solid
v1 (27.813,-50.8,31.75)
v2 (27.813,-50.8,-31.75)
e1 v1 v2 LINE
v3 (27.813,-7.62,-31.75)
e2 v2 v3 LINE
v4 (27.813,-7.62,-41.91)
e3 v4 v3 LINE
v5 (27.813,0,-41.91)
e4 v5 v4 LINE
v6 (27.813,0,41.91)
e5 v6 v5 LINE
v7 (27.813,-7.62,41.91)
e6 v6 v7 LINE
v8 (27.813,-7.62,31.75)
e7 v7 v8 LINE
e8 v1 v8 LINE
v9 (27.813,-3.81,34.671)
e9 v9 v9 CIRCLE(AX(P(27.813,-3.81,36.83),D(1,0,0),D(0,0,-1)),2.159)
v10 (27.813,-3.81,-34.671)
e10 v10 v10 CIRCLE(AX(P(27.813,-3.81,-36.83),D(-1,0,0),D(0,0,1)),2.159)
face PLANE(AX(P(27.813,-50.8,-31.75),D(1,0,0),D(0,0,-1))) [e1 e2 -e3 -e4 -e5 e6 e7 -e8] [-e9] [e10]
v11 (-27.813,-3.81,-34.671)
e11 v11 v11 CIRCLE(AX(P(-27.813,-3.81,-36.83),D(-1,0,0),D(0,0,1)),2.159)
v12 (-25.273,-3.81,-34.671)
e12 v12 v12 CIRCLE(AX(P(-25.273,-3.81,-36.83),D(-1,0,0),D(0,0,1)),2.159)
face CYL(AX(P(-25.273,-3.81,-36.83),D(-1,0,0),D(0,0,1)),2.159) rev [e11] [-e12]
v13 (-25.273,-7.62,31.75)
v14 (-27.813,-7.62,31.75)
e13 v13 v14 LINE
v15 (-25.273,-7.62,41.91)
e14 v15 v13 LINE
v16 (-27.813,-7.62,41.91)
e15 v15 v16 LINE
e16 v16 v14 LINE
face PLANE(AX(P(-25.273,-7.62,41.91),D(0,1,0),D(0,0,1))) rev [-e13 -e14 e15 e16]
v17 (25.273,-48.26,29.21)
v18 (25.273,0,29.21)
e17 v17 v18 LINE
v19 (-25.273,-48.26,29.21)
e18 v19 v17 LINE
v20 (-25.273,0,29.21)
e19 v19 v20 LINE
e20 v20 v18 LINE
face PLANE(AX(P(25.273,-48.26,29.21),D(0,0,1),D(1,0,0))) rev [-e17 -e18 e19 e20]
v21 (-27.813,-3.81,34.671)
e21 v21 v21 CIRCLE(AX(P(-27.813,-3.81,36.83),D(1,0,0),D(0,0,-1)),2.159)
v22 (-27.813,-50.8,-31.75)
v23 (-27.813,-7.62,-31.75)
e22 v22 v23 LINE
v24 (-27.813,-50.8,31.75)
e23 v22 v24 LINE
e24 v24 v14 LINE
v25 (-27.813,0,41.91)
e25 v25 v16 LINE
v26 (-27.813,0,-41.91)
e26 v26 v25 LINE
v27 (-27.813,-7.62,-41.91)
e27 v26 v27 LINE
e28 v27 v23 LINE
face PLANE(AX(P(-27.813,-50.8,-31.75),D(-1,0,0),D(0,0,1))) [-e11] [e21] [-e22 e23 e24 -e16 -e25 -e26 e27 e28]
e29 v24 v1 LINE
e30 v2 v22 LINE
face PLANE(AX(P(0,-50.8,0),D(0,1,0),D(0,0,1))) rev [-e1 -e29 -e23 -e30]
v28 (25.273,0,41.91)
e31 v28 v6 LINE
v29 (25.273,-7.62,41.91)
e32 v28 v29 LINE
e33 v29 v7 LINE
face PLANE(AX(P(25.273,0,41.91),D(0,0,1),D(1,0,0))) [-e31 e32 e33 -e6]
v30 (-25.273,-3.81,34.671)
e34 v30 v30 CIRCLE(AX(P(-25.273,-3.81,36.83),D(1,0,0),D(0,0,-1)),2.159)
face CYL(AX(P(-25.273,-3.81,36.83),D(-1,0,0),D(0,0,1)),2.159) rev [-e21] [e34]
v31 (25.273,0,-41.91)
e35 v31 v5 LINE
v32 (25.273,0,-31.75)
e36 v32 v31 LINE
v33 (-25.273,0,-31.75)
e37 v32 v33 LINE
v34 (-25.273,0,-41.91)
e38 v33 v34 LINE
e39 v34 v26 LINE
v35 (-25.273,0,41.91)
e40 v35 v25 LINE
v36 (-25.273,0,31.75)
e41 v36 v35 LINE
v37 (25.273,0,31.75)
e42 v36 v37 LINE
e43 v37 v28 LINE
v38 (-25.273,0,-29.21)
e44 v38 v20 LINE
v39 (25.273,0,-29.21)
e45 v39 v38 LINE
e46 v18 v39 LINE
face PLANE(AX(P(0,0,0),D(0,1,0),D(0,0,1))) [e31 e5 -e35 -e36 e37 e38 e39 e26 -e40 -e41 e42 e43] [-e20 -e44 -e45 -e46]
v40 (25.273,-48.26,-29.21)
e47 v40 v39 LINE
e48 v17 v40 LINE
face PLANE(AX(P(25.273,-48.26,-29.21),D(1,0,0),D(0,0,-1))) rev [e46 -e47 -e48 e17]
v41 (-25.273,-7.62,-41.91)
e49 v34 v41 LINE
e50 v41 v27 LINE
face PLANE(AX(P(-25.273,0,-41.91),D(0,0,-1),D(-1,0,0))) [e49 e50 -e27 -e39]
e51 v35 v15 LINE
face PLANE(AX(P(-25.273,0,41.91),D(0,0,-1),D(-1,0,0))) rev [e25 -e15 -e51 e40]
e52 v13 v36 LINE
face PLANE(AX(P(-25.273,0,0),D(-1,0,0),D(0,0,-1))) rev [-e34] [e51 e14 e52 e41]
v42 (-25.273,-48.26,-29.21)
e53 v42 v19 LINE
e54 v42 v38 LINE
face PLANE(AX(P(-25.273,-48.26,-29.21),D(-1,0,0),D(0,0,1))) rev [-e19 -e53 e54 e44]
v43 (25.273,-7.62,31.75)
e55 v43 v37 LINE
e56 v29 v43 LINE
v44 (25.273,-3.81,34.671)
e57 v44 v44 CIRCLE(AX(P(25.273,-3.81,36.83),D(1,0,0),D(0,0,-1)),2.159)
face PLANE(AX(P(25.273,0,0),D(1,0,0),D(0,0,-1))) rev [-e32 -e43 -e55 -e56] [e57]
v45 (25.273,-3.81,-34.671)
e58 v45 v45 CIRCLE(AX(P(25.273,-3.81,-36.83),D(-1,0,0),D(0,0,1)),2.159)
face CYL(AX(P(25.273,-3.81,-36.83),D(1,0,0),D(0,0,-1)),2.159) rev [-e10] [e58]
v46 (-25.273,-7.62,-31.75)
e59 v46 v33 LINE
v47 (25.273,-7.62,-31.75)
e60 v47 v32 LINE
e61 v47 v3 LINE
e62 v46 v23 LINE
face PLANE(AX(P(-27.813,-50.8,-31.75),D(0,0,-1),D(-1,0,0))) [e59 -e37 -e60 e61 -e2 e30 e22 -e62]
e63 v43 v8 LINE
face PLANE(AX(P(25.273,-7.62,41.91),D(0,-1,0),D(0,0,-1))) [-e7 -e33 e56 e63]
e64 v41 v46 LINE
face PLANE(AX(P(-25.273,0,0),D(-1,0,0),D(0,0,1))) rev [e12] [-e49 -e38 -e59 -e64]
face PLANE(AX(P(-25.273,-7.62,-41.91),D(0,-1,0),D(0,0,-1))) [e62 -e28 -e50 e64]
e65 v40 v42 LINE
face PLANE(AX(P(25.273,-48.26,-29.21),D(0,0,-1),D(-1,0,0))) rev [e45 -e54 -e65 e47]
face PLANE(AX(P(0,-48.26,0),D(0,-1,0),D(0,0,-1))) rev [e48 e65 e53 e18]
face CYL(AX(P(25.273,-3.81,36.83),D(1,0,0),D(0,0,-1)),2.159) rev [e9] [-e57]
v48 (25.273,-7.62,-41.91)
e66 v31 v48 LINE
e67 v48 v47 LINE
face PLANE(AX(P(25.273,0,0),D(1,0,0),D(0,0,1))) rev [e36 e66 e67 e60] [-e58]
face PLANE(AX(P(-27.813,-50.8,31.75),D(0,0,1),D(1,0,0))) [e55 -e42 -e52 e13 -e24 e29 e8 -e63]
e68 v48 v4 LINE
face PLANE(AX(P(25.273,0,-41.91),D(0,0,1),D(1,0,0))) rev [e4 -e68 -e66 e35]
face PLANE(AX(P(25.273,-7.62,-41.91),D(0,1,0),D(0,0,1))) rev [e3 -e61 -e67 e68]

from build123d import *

# Parameters (mm, degrees)
SKETCH1_W               = 55.626
SKETCH1_H               = 63.5
BOSS_EXTRUDE1_DEPTH     = 50.8
SKETCH2_W               = 50.546
SKETCH2_H               = 58.42
CUT_EXTRUDE1_DEPTH      = 48.26
SKETCH3_W               = 10.16
SKETCH3_H               = 7.62
SKETCH3_R               = 2.159
BOSS_EXTRUDE2_DEPTH     = 2.54
MIRROR2_COPY_1_SKETCH_W = 10.16
MIRROR2_COPY_1_SKETCH_H = 7.62
MIRROR2_COPY_1_SKETCH_R = 2.159
MIRROR2_COPY_1_DEPTH    = 2.54


with BuildPart() as part:
    # Sketch1 → Boss-Extrude1 (new body)
    with BuildSketch(Plane(origin=(0, 0, 0), x_dir=(1, 0, 0), z_dir=(0, 1, 0))):
        Rectangle(SKETCH1_W, SKETCH1_H)
    extrude(amount=-BOSS_EXTRUDE1_DEPTH)

    # Sketch2 → Cut-Extrude1 (cut)
    with BuildSketch(Plane(origin=(0, 0, 0), x_dir=(1, 0, 0), z_dir=(0, 1, 0))):
        Rectangle(SKETCH2_W, SKETCH2_H)
    extrude(amount=-CUT_EXTRUDE1_DEPTH, mode=Mode.SUBTRACT)

    # Sketch3 → Boss-Extrude2 (add)
    with BuildSketch(Plane(origin=(27.813, 0, 0), x_dir=(0, 0, -1), z_dir=(1, 0, 0))):
        with Locations((-36.83, -3.81)):
            Rectangle(SKETCH3_W, SKETCH3_H)
        with Locations((-36.83, -3.81)):
            Circle(SKETCH3_R, mode=Mode.SUBTRACT)
    boss_extrude2 = extrude(amount=-BOSS_EXTRUDE2_DEPTH)

    # Mirror1: Boss-Extrude2 across plane
    add(boss_extrude2.mirror(Plane.XY))

    # Mirror2: Boss-Extrude2 across plane
    add(boss_extrude2.mirror(Plane(origin=(0, 0, 0), x_dir=(0, 0, 1), z_dir=(1, 0, 0))))

    # Mirror2 copy 1 sketch → Mirror2 copy 1 (add)
    with BuildSketch(Plane.ZY.offset(27.813)):
        with Locations((-36.83, -3.81)):
            Rectangle(MIRROR2_COPY_1_SKETCH_W, MIRROR2_COPY_1_SKETCH_H)
        with Locations((-36.83, -3.81)):
            Circle(MIRROR2_COPY_1_SKETCH_R, mode=Mode.SUBTRACT)
    extrude(amount=-MIRROR2_COPY_1_DEPTH)


solid = part.part
